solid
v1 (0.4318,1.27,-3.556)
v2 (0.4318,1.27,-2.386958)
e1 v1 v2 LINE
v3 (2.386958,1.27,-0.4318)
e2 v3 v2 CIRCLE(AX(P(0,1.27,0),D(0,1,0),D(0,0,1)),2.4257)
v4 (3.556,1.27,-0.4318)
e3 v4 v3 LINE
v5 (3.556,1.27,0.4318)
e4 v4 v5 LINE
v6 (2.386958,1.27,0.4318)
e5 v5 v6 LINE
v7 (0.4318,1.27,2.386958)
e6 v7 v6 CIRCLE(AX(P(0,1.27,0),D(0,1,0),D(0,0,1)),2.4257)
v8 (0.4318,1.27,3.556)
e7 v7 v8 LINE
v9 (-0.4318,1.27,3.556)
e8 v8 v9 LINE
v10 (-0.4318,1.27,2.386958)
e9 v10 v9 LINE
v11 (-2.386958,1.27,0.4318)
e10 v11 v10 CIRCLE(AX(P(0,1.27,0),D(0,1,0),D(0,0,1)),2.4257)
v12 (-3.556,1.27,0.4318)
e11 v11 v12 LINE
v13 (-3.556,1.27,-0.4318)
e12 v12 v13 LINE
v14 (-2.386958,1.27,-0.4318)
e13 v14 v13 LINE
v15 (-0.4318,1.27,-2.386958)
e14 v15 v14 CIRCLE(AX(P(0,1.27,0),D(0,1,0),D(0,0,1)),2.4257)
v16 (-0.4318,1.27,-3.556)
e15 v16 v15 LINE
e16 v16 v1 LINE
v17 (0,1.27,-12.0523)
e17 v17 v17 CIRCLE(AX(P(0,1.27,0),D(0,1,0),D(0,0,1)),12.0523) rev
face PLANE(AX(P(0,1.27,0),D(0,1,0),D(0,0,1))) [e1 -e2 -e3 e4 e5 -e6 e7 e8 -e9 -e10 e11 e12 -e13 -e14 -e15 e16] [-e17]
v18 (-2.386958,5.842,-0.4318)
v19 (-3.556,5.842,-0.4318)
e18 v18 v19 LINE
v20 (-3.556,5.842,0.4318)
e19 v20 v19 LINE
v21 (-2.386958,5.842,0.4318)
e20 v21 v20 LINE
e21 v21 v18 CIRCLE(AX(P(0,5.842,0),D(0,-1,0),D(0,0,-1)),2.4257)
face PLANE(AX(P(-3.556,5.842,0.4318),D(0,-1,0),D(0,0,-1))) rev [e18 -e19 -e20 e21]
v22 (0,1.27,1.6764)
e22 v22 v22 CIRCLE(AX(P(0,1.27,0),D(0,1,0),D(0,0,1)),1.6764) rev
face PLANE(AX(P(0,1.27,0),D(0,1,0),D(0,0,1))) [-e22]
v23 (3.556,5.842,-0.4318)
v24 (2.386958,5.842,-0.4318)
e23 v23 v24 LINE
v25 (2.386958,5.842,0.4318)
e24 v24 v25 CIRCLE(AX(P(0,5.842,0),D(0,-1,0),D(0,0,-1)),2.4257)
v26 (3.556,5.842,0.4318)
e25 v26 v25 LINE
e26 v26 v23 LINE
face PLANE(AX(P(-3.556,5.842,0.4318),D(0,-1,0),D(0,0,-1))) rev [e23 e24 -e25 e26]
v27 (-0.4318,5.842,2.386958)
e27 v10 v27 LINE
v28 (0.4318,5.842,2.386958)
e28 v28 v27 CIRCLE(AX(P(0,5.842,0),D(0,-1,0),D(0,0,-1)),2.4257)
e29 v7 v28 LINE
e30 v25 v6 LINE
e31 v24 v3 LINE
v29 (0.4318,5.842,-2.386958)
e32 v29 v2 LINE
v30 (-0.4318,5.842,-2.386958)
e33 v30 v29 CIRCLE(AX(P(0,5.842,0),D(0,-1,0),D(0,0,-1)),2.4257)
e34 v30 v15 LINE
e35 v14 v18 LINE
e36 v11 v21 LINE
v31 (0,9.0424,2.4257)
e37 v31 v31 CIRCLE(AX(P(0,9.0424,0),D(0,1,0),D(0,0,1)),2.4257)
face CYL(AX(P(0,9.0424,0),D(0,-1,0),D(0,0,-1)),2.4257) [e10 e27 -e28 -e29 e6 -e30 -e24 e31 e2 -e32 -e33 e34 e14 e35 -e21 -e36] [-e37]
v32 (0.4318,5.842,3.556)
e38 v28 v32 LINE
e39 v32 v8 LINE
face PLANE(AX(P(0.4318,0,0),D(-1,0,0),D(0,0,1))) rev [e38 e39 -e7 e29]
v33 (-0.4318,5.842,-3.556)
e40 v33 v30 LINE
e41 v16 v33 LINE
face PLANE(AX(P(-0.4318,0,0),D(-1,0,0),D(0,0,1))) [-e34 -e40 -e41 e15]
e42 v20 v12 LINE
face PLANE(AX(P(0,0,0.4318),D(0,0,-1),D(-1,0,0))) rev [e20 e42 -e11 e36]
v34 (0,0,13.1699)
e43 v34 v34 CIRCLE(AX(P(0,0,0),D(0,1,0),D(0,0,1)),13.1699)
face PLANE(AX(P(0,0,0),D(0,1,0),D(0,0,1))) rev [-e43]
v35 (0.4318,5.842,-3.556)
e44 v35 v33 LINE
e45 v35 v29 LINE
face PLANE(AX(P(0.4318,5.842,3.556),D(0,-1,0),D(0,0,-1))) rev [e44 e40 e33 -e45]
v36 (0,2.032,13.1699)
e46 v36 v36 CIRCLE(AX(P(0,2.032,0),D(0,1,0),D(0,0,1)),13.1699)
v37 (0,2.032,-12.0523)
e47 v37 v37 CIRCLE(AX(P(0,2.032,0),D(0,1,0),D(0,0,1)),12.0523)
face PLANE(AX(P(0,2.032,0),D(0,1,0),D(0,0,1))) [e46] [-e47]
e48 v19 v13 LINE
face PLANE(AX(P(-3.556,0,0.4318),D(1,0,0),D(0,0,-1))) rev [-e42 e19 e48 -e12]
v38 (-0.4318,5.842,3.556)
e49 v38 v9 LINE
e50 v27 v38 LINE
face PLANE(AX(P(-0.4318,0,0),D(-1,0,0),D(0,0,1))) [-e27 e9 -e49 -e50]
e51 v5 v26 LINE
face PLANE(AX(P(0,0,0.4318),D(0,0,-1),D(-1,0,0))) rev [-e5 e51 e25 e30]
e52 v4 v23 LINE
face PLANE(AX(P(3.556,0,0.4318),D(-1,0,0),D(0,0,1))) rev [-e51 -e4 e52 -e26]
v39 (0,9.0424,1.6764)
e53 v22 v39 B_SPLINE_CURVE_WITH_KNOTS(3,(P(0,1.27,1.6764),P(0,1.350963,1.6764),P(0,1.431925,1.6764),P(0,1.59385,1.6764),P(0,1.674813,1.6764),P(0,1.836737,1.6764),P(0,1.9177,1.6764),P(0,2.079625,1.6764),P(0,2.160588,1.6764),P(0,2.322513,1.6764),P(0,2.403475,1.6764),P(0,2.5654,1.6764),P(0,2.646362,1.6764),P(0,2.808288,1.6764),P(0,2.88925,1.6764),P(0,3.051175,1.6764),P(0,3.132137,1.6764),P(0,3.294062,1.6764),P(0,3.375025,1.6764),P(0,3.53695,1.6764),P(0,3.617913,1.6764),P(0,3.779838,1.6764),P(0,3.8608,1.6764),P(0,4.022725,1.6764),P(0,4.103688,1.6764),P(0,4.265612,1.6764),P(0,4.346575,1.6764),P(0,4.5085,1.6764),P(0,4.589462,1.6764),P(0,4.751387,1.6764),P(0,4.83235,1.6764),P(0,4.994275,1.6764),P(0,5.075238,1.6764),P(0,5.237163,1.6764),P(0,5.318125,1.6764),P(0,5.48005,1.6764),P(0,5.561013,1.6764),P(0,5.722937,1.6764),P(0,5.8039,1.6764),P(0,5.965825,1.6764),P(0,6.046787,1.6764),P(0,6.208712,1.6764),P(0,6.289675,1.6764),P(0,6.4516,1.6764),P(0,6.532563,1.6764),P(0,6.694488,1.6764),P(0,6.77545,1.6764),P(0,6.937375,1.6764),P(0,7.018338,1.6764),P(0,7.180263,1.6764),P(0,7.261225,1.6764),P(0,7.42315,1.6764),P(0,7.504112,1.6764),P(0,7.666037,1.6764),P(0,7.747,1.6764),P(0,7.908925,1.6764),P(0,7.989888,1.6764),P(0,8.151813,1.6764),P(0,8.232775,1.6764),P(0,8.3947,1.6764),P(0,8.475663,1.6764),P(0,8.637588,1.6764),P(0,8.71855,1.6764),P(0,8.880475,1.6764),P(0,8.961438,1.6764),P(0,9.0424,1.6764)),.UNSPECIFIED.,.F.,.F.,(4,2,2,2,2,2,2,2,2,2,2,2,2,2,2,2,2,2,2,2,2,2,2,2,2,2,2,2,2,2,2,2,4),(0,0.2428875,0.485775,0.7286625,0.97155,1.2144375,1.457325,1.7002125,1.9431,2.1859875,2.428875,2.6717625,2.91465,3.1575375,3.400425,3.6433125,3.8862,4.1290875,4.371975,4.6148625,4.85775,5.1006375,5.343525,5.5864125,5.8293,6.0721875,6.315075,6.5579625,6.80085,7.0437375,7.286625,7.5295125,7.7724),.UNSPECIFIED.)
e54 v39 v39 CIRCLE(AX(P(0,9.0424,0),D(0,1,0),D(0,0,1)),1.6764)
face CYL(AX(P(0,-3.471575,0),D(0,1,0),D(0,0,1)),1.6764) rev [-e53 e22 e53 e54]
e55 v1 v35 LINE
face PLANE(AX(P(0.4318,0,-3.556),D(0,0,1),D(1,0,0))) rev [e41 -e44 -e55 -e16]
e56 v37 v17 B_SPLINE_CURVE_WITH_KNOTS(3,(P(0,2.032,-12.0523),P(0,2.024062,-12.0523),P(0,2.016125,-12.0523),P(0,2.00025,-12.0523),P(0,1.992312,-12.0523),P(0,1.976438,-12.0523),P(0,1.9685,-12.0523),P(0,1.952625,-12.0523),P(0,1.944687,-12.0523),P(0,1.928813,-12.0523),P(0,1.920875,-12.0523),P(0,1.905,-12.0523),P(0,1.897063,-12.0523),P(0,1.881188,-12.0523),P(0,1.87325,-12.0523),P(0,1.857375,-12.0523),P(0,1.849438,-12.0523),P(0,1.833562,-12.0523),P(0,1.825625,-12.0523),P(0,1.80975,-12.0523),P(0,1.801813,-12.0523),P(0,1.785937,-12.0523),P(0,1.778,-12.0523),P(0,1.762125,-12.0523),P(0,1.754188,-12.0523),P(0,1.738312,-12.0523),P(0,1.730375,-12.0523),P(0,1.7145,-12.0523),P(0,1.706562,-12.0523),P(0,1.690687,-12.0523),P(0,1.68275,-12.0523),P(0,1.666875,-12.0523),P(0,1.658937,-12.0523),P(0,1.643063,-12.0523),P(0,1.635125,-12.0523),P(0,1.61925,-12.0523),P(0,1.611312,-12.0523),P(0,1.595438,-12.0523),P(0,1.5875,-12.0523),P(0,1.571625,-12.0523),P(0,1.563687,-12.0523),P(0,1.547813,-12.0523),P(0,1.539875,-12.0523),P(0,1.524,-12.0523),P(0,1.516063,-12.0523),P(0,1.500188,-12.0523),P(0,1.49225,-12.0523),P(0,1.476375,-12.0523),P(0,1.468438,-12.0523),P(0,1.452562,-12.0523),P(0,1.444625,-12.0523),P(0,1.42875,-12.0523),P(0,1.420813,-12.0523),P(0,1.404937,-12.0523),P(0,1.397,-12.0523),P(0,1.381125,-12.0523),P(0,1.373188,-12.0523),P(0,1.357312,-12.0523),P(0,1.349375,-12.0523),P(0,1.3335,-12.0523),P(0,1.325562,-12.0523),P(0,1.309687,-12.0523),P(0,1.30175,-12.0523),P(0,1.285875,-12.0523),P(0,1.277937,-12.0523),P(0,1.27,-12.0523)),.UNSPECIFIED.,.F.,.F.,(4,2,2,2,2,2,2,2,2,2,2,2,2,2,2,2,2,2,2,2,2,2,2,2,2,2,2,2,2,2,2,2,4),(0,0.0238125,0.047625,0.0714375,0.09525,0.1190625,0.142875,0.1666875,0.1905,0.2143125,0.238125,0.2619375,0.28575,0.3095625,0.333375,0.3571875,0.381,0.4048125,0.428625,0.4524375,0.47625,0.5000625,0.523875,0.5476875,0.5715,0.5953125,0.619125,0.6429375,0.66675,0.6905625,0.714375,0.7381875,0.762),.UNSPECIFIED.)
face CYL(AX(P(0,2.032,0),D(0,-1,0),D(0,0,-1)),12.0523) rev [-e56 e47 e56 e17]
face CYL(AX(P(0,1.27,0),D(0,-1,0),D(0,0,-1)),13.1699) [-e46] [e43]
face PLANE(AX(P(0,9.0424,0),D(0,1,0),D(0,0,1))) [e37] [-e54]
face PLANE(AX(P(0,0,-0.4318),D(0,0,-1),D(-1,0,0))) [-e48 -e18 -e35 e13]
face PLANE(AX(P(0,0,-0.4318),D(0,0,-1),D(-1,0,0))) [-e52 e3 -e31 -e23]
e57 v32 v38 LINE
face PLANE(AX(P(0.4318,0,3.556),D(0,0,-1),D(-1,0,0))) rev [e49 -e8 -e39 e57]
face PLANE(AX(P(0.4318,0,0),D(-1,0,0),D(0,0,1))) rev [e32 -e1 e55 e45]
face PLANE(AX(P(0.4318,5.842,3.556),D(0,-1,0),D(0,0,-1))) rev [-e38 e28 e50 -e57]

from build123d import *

# Parameters (mm, degrees)
SKETCH1_R           = 13.1699
BOSS_EXTRUDE1_DEPTH = 1.27
SKETCH2_R           = 13.1699
SKETCH2_R_2         = 12.0523
BOSS_EXTRUDE2_DEPTH = 0.762
SKETCH3_R           = 2.4257
BOSS_EXTRUDE3_DEPTH = 7.7724
SKETCH6_W           = 7.112
SKETCH6_H           = 5.842
BOSS_EXTRUDE4_DEPTH = 0.4318
SKETCH7_W           = 7.112
SKETCH7_H           = 5.842
BOSS_EXTRUDE5_DEPTH = 0.4318
SKETCH4_R           = 1.6764
CUT_EXTRUDE1_DEPTH  = 7.7724


with BuildPart() as part:
    # Sketch1 → Boss-Extrude1 (new body)
    with BuildSketch(Plane(origin=(0, 0, 0), x_dir=(1, 0, 0), z_dir=(0, 1, 0))):
        with Locations(Location((0, 0, 0), (0, 0, 270))):
            Circle(SKETCH1_R)
    extrude(amount=BOSS_EXTRUDE1_DEPTH)

    # Sketch2 → Boss-Extrude2 (add)
    with BuildSketch(Plane(origin=(0, 1.27, 0), x_dir=(1, 0, 0), z_dir=(0, 1, 0))):
        with Locations(Location((0, 0, 0), (0, 0, 270))):
            Circle(SKETCH2_R)
        with Locations(Location((0, 0, 0), (0, 0, 90))):
            Circle(SKETCH2_R_2, mode=Mode.SUBTRACT)
    extrude(amount=BOSS_EXTRUDE2_DEPTH)

    # Sketch3 → Boss-Extrude3 (add)
    with BuildSketch(Plane(origin=(0, 1.27, 0), x_dir=(1, 0, 0), z_dir=(0, 1, 0))):
        with Locations(Location((0, 0, 0), (0, 0, 90))):
            Circle(SKETCH3_R)
    extrude(amount=BOSS_EXTRUDE3_DEPTH)

    # Sketch6 → Boss-Extrude4 (add, symmetric)
    with BuildSketch(Plane.XY):
        with Locations((0, 2.921)):
            Rectangle(SKETCH6_W, SKETCH6_H)
    extrude(amount=BOSS_EXTRUDE4_DEPTH, both=True)

    # Sketch7 → Boss-Extrude5 (add, symmetric)
    with BuildSketch(Plane(origin=(0, 0, 0), x_dir=(0, 0, -1), z_dir=(1, 0, 0))):
        with Locations((0, 2.921)):
            Rectangle(SKETCH7_W, SKETCH7_H)
    extrude(amount=BOSS_EXTRUDE5_DEPTH, both=True)

    # Sketch4 → Cut-Extrude1 (cut)
    with BuildSketch(Plane(origin=(0, 9.0424, 0), x_dir=(1, 0, 0), z_dir=(0, 1, 0))):
        with Locations(Location((0, 0, 0), (0, 0, 270))):
            Circle(SKETCH4_R)
    extrude(amount=-CUT_EXTRUDE1_DEPTH, mode=Mode.SUBTRACT)


solid = part.part
